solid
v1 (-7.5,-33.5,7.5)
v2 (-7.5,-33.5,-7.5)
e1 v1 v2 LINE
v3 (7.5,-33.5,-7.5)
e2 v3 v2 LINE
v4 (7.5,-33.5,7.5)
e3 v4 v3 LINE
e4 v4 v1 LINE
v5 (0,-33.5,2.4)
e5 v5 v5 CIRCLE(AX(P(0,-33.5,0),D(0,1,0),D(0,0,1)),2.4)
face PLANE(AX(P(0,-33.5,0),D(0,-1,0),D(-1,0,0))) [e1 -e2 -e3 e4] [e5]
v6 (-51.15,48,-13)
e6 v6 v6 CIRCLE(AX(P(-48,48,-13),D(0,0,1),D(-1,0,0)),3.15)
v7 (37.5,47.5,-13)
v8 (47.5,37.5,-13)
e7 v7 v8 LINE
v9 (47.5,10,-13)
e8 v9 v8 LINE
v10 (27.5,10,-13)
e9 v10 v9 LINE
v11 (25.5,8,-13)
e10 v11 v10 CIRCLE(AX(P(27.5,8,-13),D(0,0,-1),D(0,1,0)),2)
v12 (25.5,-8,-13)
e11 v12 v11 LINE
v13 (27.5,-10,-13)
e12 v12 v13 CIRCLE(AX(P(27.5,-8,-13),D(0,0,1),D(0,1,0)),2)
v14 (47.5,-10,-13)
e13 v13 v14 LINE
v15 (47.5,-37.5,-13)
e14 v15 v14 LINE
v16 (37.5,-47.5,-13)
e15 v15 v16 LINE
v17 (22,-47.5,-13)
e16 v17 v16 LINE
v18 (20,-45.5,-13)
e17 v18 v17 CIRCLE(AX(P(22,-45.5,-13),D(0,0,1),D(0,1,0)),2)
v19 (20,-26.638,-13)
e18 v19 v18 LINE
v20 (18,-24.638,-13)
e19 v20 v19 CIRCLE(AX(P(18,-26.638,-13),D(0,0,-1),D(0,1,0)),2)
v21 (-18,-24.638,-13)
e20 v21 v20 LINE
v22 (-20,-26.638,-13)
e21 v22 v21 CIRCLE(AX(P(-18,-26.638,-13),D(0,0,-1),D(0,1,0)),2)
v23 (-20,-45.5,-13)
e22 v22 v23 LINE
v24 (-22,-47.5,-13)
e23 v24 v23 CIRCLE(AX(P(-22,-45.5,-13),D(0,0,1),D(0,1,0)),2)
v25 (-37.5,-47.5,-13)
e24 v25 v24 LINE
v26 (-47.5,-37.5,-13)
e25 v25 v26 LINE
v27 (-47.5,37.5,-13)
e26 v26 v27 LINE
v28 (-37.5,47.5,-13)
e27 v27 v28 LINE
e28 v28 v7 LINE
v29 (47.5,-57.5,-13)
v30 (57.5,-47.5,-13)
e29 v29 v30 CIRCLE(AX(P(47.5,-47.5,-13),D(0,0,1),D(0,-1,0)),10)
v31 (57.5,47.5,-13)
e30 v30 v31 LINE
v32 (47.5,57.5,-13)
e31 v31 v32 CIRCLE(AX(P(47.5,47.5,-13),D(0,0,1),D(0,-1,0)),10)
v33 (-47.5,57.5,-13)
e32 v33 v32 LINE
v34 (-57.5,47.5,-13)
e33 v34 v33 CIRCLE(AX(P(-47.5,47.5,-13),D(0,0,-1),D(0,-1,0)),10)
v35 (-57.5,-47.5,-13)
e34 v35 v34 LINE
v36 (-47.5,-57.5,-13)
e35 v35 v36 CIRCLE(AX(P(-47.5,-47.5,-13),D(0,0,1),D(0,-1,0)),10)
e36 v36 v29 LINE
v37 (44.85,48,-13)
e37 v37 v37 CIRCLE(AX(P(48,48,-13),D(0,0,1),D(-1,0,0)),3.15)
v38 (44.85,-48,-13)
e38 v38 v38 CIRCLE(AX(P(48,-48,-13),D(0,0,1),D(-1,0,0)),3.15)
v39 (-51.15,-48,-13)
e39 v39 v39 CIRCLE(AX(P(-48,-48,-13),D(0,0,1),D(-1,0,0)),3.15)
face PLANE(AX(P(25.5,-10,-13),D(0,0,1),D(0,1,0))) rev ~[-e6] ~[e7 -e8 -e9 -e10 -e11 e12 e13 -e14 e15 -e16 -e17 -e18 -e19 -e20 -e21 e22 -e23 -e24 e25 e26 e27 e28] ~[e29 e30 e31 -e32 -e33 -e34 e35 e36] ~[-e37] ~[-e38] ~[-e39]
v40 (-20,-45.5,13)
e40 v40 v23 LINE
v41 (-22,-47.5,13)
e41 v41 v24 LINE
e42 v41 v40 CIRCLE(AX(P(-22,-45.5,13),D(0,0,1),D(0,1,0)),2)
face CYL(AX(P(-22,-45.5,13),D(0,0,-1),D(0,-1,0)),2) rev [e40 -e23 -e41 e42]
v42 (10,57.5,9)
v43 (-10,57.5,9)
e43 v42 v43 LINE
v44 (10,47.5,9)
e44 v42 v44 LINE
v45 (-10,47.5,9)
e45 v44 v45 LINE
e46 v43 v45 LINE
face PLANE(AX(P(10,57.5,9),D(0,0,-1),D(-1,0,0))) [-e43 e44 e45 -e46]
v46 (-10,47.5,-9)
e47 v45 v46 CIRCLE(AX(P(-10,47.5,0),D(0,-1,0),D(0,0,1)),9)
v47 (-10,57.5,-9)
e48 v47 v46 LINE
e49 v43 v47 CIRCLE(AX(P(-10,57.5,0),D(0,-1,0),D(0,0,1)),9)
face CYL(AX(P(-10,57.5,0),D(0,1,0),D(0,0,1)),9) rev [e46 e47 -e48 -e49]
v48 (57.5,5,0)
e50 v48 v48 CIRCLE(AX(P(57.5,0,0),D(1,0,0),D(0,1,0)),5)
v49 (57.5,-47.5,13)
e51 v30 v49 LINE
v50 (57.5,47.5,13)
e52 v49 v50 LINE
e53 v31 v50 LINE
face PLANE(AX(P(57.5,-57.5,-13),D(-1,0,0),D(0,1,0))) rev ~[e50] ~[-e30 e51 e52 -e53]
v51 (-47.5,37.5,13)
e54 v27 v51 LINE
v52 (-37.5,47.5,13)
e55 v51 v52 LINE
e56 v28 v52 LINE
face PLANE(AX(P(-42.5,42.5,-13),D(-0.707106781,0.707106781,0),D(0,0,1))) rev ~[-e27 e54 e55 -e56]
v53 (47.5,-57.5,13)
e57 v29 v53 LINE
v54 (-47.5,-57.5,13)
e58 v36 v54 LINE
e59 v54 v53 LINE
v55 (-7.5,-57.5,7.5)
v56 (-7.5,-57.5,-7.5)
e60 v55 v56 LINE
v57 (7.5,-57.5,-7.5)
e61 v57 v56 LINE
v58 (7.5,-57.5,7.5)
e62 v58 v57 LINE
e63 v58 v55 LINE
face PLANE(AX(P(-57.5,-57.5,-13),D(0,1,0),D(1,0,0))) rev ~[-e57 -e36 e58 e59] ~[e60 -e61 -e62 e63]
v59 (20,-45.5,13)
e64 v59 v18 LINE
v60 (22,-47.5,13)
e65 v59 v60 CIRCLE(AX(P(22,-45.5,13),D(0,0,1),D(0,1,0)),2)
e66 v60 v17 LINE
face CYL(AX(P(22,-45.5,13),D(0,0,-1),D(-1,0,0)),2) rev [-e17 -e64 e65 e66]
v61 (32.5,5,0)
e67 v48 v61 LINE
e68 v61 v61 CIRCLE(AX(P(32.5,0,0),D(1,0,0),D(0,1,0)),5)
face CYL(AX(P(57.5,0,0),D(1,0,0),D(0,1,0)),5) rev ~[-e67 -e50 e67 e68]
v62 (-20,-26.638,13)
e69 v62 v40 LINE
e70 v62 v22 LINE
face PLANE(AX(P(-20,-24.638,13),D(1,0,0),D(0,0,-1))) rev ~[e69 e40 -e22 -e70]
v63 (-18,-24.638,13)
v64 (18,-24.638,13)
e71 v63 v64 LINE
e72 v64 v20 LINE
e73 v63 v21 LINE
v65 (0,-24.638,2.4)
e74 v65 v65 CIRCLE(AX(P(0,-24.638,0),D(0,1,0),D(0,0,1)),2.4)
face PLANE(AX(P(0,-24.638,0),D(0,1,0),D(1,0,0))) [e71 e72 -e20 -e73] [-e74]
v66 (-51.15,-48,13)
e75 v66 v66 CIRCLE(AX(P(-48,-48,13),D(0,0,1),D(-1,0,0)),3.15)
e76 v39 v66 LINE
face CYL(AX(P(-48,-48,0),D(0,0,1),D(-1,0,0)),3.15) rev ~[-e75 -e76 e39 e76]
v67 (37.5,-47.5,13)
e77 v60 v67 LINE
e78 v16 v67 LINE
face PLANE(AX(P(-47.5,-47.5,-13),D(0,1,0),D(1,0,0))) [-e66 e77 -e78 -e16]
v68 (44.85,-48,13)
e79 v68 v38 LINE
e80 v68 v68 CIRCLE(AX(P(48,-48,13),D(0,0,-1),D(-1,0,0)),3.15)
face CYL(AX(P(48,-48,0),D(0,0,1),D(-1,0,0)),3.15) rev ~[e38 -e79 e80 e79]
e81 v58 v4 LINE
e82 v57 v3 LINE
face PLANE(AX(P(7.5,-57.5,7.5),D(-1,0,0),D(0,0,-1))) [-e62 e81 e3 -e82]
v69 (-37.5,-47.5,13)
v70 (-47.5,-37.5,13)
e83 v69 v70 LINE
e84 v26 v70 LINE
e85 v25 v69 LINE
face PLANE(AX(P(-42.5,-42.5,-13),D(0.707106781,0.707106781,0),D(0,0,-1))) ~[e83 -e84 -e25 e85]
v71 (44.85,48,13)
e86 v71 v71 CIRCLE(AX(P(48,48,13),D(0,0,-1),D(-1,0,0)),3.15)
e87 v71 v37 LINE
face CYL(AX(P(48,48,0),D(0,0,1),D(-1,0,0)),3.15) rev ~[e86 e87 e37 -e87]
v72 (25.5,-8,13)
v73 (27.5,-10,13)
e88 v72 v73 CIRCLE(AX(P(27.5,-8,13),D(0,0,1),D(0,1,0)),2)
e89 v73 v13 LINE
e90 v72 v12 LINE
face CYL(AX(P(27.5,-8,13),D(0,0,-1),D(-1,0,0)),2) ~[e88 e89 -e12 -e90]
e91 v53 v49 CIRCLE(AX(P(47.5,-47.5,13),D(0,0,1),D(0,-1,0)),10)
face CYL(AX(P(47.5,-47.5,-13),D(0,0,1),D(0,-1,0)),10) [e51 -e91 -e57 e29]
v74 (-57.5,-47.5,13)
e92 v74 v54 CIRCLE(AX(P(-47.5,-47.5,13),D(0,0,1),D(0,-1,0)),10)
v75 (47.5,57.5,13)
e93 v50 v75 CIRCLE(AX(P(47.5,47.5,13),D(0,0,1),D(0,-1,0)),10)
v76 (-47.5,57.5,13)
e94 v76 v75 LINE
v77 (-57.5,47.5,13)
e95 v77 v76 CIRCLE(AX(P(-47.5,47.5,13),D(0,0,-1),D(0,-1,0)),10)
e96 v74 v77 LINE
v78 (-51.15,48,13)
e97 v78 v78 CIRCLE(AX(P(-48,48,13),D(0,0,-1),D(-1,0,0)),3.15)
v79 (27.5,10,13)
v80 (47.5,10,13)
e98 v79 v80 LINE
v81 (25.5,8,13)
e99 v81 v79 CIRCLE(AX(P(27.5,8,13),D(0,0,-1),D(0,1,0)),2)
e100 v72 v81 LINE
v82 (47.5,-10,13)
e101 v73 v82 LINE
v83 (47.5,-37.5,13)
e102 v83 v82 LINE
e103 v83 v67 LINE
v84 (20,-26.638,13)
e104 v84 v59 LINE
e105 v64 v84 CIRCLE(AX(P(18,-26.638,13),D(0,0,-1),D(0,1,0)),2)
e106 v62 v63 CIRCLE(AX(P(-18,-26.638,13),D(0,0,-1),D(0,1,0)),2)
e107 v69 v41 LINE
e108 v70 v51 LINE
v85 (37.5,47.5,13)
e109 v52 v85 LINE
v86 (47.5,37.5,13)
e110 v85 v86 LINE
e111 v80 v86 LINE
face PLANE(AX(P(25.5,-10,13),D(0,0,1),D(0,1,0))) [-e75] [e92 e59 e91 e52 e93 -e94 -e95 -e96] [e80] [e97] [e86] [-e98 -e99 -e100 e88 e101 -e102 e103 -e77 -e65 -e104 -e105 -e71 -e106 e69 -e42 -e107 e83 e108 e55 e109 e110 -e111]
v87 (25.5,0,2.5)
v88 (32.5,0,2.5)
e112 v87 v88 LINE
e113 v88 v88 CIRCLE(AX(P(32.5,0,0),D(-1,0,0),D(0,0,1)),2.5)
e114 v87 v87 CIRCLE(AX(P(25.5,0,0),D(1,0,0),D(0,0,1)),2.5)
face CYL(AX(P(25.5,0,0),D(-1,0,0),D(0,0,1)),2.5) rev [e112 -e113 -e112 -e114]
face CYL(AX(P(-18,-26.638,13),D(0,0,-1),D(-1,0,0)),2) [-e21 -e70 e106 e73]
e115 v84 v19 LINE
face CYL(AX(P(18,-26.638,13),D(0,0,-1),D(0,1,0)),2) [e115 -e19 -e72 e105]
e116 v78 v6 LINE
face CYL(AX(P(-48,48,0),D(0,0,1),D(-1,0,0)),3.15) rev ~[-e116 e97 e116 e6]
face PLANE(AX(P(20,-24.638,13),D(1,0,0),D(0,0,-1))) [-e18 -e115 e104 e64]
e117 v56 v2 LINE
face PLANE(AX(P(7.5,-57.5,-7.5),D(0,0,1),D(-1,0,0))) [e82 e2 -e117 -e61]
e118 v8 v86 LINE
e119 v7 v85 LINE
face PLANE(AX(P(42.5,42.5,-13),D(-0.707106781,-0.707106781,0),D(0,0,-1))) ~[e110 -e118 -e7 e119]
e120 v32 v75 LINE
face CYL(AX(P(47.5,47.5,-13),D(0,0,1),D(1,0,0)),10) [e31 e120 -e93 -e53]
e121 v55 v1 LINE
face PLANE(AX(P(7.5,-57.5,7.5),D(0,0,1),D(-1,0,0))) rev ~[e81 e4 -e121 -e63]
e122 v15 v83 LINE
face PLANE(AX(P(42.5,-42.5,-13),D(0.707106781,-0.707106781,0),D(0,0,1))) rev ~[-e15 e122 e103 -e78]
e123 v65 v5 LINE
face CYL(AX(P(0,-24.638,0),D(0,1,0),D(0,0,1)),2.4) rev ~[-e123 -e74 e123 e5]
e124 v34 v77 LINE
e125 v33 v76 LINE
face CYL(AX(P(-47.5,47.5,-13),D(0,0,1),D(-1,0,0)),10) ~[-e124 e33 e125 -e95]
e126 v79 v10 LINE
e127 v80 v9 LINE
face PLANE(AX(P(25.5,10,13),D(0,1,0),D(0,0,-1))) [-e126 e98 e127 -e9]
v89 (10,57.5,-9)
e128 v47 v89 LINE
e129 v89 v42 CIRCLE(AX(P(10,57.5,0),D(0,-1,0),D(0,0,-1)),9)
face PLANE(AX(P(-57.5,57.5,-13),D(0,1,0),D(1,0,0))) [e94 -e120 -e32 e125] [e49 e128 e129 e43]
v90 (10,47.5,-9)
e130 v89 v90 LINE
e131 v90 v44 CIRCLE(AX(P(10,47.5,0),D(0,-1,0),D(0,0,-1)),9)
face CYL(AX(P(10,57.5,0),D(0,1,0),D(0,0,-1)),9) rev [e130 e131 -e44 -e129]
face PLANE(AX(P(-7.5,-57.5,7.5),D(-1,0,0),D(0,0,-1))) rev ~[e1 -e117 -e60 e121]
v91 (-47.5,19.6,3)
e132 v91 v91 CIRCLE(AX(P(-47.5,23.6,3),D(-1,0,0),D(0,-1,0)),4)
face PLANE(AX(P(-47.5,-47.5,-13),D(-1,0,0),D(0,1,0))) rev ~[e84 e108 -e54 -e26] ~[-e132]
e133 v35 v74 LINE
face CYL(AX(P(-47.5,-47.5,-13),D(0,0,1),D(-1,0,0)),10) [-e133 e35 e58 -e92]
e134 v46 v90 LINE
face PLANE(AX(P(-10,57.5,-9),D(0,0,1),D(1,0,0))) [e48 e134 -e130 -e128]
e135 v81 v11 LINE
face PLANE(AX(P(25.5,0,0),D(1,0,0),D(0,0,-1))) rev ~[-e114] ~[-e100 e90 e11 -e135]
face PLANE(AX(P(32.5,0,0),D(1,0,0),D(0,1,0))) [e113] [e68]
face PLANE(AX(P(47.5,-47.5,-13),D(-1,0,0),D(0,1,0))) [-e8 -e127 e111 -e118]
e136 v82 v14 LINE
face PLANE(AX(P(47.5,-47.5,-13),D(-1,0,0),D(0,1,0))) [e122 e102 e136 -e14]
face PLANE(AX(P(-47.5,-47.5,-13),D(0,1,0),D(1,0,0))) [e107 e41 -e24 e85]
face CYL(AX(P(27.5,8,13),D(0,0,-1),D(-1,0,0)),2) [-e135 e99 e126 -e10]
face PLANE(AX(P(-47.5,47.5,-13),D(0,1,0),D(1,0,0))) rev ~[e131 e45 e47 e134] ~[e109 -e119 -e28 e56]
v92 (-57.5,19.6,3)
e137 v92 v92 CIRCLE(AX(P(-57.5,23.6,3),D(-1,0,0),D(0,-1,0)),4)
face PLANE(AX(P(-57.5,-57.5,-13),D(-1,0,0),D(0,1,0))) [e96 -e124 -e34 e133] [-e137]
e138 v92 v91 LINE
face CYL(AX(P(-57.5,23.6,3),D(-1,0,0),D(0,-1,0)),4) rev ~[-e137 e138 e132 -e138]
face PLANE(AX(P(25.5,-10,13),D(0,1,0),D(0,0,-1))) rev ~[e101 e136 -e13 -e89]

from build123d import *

# Parameters (mm, degrees)
SKETCH1_W           = 115
SKETCH1_H           = 115
SKETCH1_W_2         = 95
SKETCH1_H_2         = 95
BOSS_EXTRUDE1_DEPTH = 26
SKETCH10_W          = 40
SKETCH10_H          = 26
BOSS_EXTRUDE4_DEPTH = 27
SKETCH3_W           = 15
SKETCH3_H           = 15
CUT_EXTRUDE1_DEPTH  = 24
FILLET1_R           = 10
CHAMFER1_SIZE       = 10
SKETCH4_R           = 3.15
CUT_EXTRUDE3_DEPTH  = 57.5
SKETCH9_R           = 4
CUT_EXTRUDE7_DEPTH  = 30
FILLET5_R           = 2
SKETCH11_W          = 26
SKETCH11_H          = 20
BOSS_EXTRUDE5_DEPTH = 25
FILLET6_R           = 2
SKETCH13_R          = 5
CUT_EXTRUDE9_DEPTH  = 25
SKETCH14_R          = 2.5
CUT_EXTRUDE10_DEPTH = 15
CUT_EXTRUDE11_DEPTH = 10
SKETCH16_R          = 2.4
CUT_EXTRUDE12_DEPTH = 30


with BuildPart() as part:
    # Sketch1 → Boss-Extrude1 (new body)
    with BuildSketch(Plane.XY.offset(-13)):
        Rectangle(SKETCH1_W, SKETCH1_H)
        Rectangle(SKETCH1_W_2, SKETCH1_H_2, mode=Mode.SUBTRACT)
    extrude(amount=BOSS_EXTRUDE1_DEPTH)

    # Sketch10 → Boss-Extrude4 (add)
    with BuildSketch(Plane(origin=(0, -24.638, 0), x_dir=(1, 0, 0), z_dir=(0, 1, 0))):
        Rectangle(SKETCH10_W, SKETCH10_H)
    extrude(amount=-BOSS_EXTRUDE4_DEPTH)

    # Sketch3 → Cut-Extrude1 (cut)
    with BuildSketch(Plane(origin=(0, -57.5, 0), x_dir=(-1, 0, 0), z_dir=(0, -1, 0))):
        Rectangle(SKETCH3_W, SKETCH3_H)
    extrude(amount=-CUT_EXTRUDE1_DEPTH, mode=Mode.SUBTRACT)

    # Fillet1
    fillet1_edges = [part.edges().sort_by_distance(p)[0] for p in [
        (-57.5, 57.5, 0),
        (57.5, 57.5, 0),
        (57.5, -57.5, 0),
        (-57.5, -57.5, 0),
    ]]
    fillet(fillet1_edges, radius=FILLET1_R)

    # Chamfer1
    chamfer1_edges = [part.edges().sort_by_distance(p)[0] for p in [
        (-47.5, 47.5, 0),
        (-47.5, -47.5, 0),
        (47.5, -47.5, 0),
        (47.5, 47.5, 0),
    ]]
    chamfer(chamfer1_edges, length=CHAMFER1_SIZE)

    # Sketch4 → Cut-Extrude3 (cut, symmetric)
    with BuildSketch(Plane.XY):
        with Locations(Location((-48, 48, 0), (0, 0, 180))):
            Circle(SKETCH4_R)
        with Locations(Location((48, 48, 0), (0, 0, 180))):
            Circle(SKETCH4_R)
        with Locations(Location((48, -48, 0), (0, 0, 180))):
            Circle(SKETCH4_R)
        with Locations(Location((-48, -48, 0), (0, 0, 180))):
            Circle(SKETCH4_R)
    extrude(amount=CUT_EXTRUDE3_DEPTH, both=True, mode=Mode.SUBTRACT)

    # Sketch9 → Cut-Extrude7 (cut)
    with BuildSketch(Plane.ZY.offset(57.5)):
        with Locations(Location((3, 23.6, 0), (0, 0, 270))):
            Circle(SKETCH9_R)
    extrude(amount=-CUT_EXTRUDE7_DEPTH, mode=Mode.SUBTRACT)

    # Fillet5
    fillet5_edges = [part.edges().sort_by_distance(p)[0] for p in [
        (20, -47.5, 0),
        (-20, -47.5, 0),
        (-20, -24.638, 0),
        (20, -24.638, 0),
    ]]
    fillet(fillet5_edges, radius=FILLET5_R)

    # Sketch11 → Boss-Extrude5 (add)
    with BuildSketch(Plane(origin=(25.5, 0, 0), x_dir=(0, 0, -1), z_dir=(1, 0, 0))):
        Rectangle(SKETCH11_W, SKETCH11_H)
    extrude(amount=BOSS_EXTRUDE5_DEPTH)

    # Fillet6
    fillet6_edges = [part.edges().sort_by_distance(p)[0] for p in [
        (25.5, -10, 0),
        (25.5, 10, 0),
    ]]
    fillet(fillet6_edges, radius=FILLET6_R)

    # Sketch13 → Cut-Extrude9 (cut)
    with BuildSketch(Plane(origin=(57.5, 0, 0), x_dir=(0, 0, -1), z_dir=(1, 0, 0))):
        with Locations(Location((0, 0, 0), (0, 0, 90))):
            Circle(SKETCH13_R)
    extrude(amount=-CUT_EXTRUDE9_DEPTH, mode=Mode.SUBTRACT)

    # Sketch14 → Cut-Extrude10 (cut)
    with BuildSketch(Plane(origin=(25.5, 0, 0), x_dir=(0, 0, -1), z_dir=(1, 0, 0))):
        with Locations(Location((0, 0, 0), (0, 0, 180))):
            Circle(SKETCH14_R)
    extrude(amount=CUT_EXTRUDE10_DEPTH, mode=Mode.SUBTRACT)

    # Sketch15 → Cut-Extrude11 (cut)
    with BuildSketch(Plane(origin=(0, 57.5, 0), x_dir=(1, 0, 0), z_dir=(0, 1, 0))):
        with BuildLine():
            Line((-10, 9), (10, 9))
            ThreePointArc((10, 9), (19, 0), (10, -9))
            Line((10, -9), (-10, -9))
            ThreePointArc((-10, -9), (-19, 0), (-10, 9))
        make_face()
    extrude(amount=-CUT_EXTRUDE11_DEPTH, mode=Mode.SUBTRACT)

    # Sketch16 → Cut-Extrude12 (cut)
    with BuildSketch(Plane(origin=(0, -24.638, 0), x_dir=(1, 0, 0), z_dir=(0, 1, 0))):
        with Locations(Location((0, 0, 0), (0, 0, 270))):
            Circle(SKETCH16_R)
    extrude(amount=-CUT_EXTRUDE12_DEPTH, mode=Mode.SUBTRACT)


solid = part.part
